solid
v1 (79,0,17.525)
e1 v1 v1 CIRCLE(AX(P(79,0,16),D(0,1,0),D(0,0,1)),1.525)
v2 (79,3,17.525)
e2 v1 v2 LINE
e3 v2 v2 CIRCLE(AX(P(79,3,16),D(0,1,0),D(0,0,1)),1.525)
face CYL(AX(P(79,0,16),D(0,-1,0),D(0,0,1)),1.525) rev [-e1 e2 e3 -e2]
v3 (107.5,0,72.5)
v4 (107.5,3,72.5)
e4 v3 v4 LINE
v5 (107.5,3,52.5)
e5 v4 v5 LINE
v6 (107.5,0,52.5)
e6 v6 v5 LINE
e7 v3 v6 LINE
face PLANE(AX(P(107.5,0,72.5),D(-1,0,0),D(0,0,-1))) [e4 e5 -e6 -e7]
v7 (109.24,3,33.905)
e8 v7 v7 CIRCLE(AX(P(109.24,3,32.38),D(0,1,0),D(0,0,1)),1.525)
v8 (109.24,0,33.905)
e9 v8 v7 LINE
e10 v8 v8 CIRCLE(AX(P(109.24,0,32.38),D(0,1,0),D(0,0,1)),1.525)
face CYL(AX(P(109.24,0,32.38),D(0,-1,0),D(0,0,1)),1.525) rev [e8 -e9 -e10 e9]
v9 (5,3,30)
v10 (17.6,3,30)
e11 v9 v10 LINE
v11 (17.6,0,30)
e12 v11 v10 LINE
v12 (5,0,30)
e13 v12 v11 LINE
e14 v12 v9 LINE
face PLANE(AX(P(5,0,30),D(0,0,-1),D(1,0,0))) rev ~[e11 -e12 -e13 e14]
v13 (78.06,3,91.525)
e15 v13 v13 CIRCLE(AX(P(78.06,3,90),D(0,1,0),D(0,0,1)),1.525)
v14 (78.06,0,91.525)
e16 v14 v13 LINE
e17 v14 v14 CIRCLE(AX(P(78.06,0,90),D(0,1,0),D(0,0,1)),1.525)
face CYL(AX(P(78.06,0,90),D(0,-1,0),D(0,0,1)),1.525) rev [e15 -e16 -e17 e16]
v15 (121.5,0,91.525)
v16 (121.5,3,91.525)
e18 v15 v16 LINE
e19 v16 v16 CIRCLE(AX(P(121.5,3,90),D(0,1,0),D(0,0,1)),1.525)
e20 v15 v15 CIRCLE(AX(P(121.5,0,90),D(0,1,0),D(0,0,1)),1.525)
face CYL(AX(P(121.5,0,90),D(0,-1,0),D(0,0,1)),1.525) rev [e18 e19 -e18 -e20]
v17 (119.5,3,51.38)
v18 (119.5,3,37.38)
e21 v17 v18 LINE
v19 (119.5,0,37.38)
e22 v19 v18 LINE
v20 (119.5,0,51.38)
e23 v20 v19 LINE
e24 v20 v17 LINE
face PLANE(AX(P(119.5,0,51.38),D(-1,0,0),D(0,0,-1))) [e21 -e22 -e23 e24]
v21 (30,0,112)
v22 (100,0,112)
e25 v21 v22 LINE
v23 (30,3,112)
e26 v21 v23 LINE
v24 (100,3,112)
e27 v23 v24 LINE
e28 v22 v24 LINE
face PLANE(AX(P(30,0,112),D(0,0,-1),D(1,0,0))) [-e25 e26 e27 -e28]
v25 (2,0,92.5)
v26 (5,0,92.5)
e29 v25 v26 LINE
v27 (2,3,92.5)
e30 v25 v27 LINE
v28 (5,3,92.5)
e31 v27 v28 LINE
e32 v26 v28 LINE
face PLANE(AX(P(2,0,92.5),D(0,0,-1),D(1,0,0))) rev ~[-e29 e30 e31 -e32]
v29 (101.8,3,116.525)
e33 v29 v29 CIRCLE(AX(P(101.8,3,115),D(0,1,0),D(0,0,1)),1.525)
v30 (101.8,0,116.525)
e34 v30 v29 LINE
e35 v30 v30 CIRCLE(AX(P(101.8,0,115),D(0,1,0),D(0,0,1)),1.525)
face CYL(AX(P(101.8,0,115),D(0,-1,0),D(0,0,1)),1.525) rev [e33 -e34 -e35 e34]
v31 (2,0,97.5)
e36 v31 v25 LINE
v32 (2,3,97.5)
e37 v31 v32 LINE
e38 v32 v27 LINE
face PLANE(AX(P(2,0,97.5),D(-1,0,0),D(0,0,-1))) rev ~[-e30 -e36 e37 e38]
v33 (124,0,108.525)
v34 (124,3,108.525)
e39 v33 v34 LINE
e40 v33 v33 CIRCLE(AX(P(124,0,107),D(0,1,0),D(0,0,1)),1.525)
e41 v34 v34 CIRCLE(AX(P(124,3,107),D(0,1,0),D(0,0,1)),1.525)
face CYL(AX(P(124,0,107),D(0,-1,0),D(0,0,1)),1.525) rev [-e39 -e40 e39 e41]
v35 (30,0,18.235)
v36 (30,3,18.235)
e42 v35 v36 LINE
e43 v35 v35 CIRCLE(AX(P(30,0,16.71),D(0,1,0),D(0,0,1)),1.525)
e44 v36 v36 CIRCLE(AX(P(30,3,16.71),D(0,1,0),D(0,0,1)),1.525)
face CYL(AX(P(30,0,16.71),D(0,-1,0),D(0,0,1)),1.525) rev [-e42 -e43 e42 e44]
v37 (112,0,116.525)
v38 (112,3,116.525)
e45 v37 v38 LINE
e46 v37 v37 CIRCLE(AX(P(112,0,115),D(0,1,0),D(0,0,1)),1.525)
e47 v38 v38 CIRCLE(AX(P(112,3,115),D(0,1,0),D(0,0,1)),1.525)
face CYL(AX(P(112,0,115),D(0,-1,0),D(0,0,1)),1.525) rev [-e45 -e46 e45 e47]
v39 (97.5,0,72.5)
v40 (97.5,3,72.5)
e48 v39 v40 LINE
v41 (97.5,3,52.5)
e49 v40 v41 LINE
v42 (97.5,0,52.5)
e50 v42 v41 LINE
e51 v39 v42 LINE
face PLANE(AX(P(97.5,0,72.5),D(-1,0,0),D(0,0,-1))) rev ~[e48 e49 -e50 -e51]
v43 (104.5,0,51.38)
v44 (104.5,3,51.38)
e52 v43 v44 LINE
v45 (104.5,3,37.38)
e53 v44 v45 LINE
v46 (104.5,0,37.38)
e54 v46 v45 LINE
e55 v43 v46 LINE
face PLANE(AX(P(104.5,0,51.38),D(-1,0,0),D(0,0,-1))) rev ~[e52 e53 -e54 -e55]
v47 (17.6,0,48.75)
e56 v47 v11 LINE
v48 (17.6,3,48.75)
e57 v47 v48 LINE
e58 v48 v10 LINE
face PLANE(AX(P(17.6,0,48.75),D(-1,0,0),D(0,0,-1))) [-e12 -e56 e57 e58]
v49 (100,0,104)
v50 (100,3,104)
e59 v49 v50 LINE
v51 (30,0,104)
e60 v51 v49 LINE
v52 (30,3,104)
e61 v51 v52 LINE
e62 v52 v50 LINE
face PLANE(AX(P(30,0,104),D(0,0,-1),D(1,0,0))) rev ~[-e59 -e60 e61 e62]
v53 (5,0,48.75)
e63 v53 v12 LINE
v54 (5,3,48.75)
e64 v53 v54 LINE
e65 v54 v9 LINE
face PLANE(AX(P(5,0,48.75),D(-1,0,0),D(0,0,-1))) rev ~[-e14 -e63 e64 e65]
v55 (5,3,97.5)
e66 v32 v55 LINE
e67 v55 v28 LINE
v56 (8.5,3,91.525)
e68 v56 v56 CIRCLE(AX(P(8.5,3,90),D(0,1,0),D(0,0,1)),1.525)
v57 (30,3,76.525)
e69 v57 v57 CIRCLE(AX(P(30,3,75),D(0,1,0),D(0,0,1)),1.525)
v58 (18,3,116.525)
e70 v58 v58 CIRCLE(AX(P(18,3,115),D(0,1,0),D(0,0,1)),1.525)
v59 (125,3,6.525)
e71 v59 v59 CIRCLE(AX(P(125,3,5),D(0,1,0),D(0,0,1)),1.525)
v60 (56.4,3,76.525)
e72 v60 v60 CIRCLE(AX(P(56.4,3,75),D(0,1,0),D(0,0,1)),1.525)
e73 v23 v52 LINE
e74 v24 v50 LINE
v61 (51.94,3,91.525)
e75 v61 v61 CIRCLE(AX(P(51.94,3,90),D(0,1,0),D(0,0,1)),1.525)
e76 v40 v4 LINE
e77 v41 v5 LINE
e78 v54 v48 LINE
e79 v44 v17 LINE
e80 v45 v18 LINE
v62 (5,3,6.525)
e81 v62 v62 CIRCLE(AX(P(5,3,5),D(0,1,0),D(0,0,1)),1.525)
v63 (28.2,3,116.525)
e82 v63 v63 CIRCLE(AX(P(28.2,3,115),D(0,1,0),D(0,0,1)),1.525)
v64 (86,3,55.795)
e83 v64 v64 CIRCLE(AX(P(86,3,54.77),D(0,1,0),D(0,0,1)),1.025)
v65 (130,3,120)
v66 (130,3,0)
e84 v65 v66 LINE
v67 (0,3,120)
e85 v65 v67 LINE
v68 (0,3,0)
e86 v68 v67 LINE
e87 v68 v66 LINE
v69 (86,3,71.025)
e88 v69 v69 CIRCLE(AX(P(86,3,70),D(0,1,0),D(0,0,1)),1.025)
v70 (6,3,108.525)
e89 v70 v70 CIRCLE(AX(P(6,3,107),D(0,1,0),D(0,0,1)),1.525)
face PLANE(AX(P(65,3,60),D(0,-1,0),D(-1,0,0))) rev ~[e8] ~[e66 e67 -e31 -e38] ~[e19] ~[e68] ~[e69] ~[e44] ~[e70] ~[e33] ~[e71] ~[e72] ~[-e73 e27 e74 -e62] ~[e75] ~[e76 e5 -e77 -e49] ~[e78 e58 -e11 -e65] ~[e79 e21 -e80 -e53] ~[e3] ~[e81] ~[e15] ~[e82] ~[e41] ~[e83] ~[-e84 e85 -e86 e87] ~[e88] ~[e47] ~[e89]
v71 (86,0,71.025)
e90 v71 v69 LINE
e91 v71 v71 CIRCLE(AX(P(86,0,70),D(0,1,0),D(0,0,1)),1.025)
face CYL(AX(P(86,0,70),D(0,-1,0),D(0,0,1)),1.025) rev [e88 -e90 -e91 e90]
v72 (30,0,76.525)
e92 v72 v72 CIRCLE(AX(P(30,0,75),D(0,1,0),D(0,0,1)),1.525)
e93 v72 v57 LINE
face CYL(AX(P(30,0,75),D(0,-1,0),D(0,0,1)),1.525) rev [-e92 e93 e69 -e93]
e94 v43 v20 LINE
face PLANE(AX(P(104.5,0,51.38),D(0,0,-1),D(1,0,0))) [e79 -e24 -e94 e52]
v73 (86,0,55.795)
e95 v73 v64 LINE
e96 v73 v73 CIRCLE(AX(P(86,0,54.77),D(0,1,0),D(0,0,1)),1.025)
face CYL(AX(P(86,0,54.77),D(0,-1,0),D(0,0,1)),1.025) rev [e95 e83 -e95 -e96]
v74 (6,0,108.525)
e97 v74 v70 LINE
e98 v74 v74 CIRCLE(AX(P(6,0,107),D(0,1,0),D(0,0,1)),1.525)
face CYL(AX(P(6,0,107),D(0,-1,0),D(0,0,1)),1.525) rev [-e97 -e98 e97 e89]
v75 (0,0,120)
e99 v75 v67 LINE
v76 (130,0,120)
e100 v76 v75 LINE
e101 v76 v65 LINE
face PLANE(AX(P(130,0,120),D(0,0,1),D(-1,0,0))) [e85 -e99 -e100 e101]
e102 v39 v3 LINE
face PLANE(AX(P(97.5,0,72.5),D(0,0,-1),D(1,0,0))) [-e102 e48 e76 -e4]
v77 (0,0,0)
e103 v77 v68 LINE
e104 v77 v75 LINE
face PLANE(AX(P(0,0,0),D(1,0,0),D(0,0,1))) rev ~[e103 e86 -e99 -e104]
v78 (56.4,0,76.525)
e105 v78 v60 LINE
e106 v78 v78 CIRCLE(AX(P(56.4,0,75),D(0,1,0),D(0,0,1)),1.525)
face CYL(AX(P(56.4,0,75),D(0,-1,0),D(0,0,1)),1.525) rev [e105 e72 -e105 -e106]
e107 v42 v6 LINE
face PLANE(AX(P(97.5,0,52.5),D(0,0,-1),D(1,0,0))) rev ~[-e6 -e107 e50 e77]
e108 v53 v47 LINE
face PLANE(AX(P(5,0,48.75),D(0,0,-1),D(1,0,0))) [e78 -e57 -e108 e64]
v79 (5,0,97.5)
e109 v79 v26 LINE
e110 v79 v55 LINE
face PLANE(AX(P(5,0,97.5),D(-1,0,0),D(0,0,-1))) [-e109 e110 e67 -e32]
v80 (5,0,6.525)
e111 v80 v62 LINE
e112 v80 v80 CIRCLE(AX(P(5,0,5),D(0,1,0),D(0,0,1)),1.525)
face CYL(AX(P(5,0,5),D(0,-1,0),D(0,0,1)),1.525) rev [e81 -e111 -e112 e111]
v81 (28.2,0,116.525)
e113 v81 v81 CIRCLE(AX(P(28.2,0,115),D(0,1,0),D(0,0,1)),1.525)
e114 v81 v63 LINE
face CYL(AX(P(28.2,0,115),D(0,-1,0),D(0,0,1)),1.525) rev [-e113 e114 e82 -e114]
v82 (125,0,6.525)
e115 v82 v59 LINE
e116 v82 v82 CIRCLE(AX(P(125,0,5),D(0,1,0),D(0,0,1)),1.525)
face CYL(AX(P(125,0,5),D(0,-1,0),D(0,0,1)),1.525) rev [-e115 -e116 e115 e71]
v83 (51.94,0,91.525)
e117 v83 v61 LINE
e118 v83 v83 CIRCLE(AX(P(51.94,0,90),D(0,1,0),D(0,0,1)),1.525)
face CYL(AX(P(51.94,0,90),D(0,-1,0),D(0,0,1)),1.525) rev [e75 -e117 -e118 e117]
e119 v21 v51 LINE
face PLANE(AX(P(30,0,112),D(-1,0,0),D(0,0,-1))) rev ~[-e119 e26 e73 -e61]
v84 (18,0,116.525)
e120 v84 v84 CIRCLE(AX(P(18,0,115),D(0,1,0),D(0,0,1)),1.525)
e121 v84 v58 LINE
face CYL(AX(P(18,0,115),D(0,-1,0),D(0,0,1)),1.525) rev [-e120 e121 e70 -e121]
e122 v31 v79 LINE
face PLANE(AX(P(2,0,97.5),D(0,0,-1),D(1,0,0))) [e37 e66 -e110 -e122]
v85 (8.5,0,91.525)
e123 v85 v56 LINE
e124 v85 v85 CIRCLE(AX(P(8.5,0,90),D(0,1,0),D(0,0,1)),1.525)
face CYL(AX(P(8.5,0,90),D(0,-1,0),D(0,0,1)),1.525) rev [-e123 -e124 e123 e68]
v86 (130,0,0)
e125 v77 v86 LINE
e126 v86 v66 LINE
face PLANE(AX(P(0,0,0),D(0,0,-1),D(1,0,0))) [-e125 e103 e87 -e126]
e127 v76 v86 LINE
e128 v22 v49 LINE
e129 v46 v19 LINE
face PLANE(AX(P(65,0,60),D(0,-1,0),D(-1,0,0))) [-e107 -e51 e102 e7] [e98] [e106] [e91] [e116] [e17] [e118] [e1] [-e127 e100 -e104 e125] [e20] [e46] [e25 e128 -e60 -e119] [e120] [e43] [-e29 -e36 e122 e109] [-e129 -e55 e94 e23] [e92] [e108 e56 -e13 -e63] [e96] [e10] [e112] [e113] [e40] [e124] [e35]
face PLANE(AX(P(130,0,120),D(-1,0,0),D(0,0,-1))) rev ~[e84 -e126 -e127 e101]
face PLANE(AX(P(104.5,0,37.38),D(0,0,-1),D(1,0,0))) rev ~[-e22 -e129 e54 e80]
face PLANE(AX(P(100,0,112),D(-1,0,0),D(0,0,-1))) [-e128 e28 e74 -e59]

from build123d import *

# Parameters (mm, degrees)
SKETCH1_R           = 1.525
SKETCH1_R_2         = 1.025
SKETCH1_W           = 70
SKETCH1_H           = 8
SKETCH1_W_2         = 3
SKETCH1_H_2         = 5
SKETCH1_W_3         = 10
SKETCH1_H_3         = 20
SKETCH1_W_4         = 15
SKETCH1_H_4         = 14
SKETCH1_W_5         = 12.6
SKETCH1_H_5         = 18.75
BOSS_EXTRUDE1_DEPTH = 3


with BuildPart() as part:
    # Sketch1 → Boss-Extrude1 (new body)
    with BuildSketch(Plane(origin=(0, 0, 0), x_dir=(1, 0, 0), z_dir=(0, 1, 0))):
        Polygon((0, 0), (130, 0), (130, -92.5), (130, -97.5), (130, -120), (0, -120), (0, -97.5), (0, -92.5), align=None)
        with Locations(Location((28.2, -115, 0), (0, 0, 270))):
            Circle(SKETCH1_R, mode=Mode.SUBTRACT)
        with Locations(Location((101.8, -115, 0), (0, 0, 270))):
            Circle(SKETCH1_R, mode=Mode.SUBTRACT)
        with Locations(Location((121.5, -90, 0), (0, 0, 270))):
            Circle(SKETCH1_R, mode=Mode.SUBTRACT)
        with Locations(Location((8.5, -90, 0), (0, 0, 270))):
            Circle(SKETCH1_R, mode=Mode.SUBTRACT)
        with Locations(Location((78.06, -90, 0), (0, 0, 270))):
            Circle(SKETCH1_R, mode=Mode.SUBTRACT)
        with Locations(Location((51.94, -90, 0), (0, 0, 270))):
            Circle(SKETCH1_R, mode=Mode.SUBTRACT)
        with Locations(Location((124, -107, 0), (0, 0, 270))):
            Circle(SKETCH1_R, mode=Mode.SUBTRACT)
        with Locations(Location((6, -107, 0), (0, 0, 270))):
            Circle(SKETCH1_R, mode=Mode.SUBTRACT)
        with Locations(Location((30, -75, 0), (0, 0, 270))):
            Circle(SKETCH1_R, mode=Mode.SUBTRACT)
        with Locations(Location((30, -16.71, 0), (0, 0, 270))):
            Circle(SKETCH1_R, mode=Mode.SUBTRACT)
        with Locations(Location((56.4, -75, 0), (0, 0, 270))):
            Circle(SKETCH1_R, mode=Mode.SUBTRACT)
        with Locations(Location((86, -70, 0), (0, 0, 270))):
            Circle(SKETCH1_R_2, mode=Mode.SUBTRACT)
        with Locations(Location((86, -54.77, 0), (0, 0, 270))):
            Circle(SKETCH1_R_2, mode=Mode.SUBTRACT)
        with Locations(Location((79, -16, 0), (0, 0, 270))):
            Circle(SKETCH1_R, mode=Mode.SUBTRACT)
        with Locations(Location((109.24, -32.38, 0), (0, 0, 270))):
            Circle(SKETCH1_R, mode=Mode.SUBTRACT)
        with Locations(Location((18, -115, 0), (0, 0, 270))):
            Circle(SKETCH1_R, mode=Mode.SUBTRACT)
        with Locations(Location((112, -115, 0), (0, 0, 270))):
            Circle(SKETCH1_R, mode=Mode.SUBTRACT)
        with Locations(Location((5, -5, 0), (0, 0, 270))):
            Circle(SKETCH1_R, mode=Mode.SUBTRACT)
        with Locations(Location((125, -5, 0), (0, 0, 270))):
            Circle(SKETCH1_R, mode=Mode.SUBTRACT)
        with Locations((65, -108)):
            Rectangle(SKETCH1_W, SKETCH1_H, mode=Mode.SUBTRACT)
        with Locations((3.5, -95)):
            Rectangle(SKETCH1_W_2, SKETCH1_H_2, mode=Mode.SUBTRACT)
        with Locations((102.5, -62.5)):
            Rectangle(SKETCH1_W_3, SKETCH1_H_3, mode=Mode.SUBTRACT)
        with Locations((112, -44.38)):
            Rectangle(SKETCH1_W_4, SKETCH1_H_4, mode=Mode.SUBTRACT)
        with Locations((11.3, -39.375)):
            Rectangle(SKETCH1_W_5, SKETCH1_H_5, mode=Mode.SUBTRACT)
    extrude(amount=BOSS_EXTRUDE1_DEPTH)


solid = part.part
